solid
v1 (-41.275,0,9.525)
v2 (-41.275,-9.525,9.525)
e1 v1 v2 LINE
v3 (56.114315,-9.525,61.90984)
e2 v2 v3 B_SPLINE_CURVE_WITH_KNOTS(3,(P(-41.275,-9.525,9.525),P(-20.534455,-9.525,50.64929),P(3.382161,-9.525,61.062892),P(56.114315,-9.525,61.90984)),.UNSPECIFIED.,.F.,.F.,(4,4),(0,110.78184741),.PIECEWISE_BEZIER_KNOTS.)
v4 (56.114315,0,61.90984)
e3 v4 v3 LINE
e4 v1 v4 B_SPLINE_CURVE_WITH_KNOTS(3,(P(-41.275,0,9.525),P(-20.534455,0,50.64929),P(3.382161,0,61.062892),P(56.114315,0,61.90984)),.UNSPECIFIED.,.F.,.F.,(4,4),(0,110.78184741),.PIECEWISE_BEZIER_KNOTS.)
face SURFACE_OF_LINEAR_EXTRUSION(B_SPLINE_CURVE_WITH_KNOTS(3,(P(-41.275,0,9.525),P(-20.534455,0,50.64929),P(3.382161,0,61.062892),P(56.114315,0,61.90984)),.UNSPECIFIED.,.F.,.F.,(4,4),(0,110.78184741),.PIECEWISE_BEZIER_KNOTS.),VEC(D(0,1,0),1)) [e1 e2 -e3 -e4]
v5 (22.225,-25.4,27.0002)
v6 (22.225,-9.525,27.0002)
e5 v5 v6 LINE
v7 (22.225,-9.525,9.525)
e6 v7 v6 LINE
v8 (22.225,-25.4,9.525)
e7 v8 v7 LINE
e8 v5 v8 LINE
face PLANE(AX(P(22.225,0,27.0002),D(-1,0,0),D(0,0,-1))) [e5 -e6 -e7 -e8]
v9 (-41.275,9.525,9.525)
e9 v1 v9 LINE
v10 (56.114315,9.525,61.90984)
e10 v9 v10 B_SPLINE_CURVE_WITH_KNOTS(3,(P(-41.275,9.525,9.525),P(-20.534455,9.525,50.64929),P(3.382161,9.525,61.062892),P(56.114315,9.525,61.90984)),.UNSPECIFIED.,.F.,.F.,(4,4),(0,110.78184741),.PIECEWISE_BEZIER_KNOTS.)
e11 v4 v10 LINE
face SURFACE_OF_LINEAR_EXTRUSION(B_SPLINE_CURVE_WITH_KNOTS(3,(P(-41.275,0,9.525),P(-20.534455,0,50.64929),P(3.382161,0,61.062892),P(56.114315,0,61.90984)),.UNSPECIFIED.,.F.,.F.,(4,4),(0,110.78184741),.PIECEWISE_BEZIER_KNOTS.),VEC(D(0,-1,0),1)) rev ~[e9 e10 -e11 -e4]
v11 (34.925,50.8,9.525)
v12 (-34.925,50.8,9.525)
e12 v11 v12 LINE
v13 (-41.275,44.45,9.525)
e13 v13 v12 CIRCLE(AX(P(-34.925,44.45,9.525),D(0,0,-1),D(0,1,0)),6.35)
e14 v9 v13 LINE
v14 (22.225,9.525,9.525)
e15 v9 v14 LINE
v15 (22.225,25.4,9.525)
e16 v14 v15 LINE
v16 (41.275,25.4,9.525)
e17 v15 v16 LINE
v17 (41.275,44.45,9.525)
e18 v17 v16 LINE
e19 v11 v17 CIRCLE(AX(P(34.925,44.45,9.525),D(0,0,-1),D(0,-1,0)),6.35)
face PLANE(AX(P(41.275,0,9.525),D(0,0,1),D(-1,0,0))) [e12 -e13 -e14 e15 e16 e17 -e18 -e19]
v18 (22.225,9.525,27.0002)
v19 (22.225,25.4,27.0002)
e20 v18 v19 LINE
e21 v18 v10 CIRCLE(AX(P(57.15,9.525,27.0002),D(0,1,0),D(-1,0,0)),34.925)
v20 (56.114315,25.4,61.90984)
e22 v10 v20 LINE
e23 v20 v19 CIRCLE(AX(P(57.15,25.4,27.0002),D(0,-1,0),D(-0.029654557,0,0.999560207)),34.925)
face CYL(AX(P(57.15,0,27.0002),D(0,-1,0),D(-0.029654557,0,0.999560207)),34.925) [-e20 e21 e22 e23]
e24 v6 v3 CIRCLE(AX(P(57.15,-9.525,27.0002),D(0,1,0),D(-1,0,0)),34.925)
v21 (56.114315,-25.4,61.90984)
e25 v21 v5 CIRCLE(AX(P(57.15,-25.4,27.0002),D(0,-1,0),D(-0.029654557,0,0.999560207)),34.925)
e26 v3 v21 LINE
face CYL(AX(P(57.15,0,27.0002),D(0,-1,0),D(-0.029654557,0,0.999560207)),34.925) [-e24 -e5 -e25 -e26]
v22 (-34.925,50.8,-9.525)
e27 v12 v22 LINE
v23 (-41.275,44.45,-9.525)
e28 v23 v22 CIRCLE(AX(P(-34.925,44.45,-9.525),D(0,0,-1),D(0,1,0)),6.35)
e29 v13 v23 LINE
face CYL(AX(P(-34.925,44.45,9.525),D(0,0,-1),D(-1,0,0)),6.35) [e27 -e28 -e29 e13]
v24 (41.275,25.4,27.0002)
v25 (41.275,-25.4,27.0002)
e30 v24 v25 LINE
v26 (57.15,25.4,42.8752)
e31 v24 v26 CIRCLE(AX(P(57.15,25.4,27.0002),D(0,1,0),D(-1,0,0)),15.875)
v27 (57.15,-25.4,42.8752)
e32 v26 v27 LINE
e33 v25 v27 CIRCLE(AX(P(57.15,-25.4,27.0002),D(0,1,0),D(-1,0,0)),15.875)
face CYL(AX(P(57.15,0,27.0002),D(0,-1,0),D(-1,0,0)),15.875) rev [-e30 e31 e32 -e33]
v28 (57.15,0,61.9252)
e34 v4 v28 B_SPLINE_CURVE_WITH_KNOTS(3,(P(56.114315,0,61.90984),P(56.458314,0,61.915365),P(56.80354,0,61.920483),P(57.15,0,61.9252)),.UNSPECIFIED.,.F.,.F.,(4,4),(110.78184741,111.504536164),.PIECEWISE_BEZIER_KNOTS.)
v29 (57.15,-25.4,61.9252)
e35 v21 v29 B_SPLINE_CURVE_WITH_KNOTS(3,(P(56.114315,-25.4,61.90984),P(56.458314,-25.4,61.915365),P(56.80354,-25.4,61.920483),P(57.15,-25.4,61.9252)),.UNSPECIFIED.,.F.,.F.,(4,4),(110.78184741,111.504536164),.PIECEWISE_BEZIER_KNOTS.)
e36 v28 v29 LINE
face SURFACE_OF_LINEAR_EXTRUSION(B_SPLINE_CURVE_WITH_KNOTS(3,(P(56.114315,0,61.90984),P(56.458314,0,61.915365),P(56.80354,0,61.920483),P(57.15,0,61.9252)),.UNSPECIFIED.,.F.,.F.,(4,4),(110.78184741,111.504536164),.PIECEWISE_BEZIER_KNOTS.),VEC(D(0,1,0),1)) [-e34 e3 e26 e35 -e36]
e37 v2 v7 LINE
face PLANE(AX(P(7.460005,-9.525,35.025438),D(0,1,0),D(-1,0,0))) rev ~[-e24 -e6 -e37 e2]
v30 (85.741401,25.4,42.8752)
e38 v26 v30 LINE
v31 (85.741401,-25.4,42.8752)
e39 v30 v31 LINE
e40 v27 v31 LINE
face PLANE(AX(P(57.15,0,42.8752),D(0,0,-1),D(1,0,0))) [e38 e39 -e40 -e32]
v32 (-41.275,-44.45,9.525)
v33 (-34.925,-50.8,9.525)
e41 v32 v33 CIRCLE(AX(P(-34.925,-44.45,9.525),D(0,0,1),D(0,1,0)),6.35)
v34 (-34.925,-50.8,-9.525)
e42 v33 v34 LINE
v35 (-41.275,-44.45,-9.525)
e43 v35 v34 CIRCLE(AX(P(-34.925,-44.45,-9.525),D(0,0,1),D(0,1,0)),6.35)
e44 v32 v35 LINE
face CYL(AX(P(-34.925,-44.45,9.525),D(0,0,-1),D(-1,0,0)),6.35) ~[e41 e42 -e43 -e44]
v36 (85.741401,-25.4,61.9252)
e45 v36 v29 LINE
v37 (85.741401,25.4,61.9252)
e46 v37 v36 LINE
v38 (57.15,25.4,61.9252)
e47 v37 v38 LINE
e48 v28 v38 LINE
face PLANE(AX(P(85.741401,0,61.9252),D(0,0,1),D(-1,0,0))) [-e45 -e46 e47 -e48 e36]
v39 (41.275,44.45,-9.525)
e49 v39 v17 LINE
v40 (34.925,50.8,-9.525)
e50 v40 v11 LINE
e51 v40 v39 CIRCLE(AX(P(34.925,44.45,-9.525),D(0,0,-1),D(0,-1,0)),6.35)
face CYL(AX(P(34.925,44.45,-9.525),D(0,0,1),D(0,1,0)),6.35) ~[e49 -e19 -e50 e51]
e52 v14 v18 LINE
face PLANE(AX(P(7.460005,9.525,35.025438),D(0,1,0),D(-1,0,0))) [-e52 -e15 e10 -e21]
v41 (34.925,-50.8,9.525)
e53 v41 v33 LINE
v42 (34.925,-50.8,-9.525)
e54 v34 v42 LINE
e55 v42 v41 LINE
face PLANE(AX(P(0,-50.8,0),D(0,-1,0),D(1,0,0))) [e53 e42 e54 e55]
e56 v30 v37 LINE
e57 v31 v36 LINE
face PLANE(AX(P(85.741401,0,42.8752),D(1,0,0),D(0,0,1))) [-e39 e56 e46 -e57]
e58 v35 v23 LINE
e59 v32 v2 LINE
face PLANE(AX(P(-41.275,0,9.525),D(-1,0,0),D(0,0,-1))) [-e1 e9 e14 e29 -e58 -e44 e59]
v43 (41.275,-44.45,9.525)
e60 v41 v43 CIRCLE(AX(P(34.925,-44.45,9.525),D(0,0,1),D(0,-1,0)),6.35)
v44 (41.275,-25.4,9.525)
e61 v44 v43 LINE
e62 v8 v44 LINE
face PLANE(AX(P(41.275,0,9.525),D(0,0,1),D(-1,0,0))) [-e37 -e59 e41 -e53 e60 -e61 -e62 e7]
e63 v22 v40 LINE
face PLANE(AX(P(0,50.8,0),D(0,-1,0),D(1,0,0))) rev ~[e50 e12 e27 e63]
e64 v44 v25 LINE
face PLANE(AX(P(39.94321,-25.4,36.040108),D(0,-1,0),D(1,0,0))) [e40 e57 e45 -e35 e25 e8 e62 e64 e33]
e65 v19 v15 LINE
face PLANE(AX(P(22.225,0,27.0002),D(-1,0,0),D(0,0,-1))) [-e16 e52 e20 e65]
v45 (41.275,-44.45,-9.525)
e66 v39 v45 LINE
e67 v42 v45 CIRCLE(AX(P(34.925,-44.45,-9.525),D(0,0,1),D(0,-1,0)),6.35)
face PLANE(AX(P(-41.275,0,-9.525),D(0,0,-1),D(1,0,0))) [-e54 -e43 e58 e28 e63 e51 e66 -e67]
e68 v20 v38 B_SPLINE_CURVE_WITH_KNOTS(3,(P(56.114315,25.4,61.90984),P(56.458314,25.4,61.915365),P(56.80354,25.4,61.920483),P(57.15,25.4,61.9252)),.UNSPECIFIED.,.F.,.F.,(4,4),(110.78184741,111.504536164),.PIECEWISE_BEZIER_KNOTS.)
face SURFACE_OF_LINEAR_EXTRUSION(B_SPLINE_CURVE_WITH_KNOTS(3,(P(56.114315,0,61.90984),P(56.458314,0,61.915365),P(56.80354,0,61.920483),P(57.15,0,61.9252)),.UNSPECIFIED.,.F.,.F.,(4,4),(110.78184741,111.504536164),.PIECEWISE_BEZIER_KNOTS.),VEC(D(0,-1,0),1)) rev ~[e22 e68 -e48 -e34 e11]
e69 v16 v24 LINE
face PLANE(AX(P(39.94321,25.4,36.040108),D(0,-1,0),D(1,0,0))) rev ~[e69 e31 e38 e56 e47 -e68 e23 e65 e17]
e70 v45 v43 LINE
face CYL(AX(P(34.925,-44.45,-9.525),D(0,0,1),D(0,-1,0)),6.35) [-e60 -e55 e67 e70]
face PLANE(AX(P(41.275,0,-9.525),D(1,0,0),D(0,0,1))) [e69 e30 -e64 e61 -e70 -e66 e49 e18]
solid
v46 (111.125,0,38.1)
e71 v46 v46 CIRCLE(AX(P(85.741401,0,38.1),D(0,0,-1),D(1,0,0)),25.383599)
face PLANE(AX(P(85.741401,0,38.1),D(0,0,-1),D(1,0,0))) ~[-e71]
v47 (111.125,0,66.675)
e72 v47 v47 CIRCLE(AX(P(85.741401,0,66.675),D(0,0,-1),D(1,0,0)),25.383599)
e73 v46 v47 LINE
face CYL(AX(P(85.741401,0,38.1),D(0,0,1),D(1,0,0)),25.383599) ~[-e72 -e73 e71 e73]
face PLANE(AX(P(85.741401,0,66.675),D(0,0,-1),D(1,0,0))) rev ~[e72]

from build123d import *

# Parameters (mm, degrees)
F1_DEPTH = 50.8
F0_W     = 25.4164007187
F0_H     = 19.05
F2_DEPTH = 25.4
F3_DEPTH = 9.525
F5_R     = 6.35


with BuildPart() as f1:
    # F0 (on Front) → F1 (new body, symmetric)
    with BuildSketch(Plane.XZ):
        Polygon((-41.275, -9.525), (41.275, -9.525), (41.275, 9.525), (22.225, 9.525), (-41.275, 9.525), align=None)
    extrude(amount=F1_DEPTH, both=True)

    # F0 (on Front) → F2 (join, symmetric)
    with BuildSketch(Plane.XZ):
        with BuildLine():
            Line((22.225, 9.525), (41.275, 9.525))
            Line((41.275, 9.525), (41.275, 27.0002))
            ThreePointArc((41.275, 27.0002), (45.9246798487, 38.2255201513), (57.15, 42.8752))
            Line((57.15, 42.8752), (60.325, 42.8752))
            Line((60.325, 42.8752), (60.325, 61.9252))
            Line((60.325, 61.9252), (57.15, 61.9252))
            add(Edge.make_bspline(
                [(56.1143145962, 61.9098402265), (56.4583144045, 61.9153653172), (56.8035404998, 61.920483285), (57.15, 61.9252)],
                knots=[110.7818474103, 110.7818474103, 110.7818474103, 110.7818474103, 111.5045361635, 111.5045361635, 111.5045361635, 111.5045361635], degree=3))
            ThreePointArc((56.1143145962, 61.9098402265), (32.0908007138, 51.3269785811), (22.225, 27.0002))
            Line((22.225, 27.0002), (22.225, 9.525))
        make_face()
        with Locations((73.0332003593, 52.4002)):
            Rectangle(F0_W, F0_H)
    extrude(amount=F2_DEPTH, both=True)

    # F0 (on Front) → F3 (join, symmetric)
    with BuildSketch(Plane.XZ):
        with BuildLine():
            add(Edge.make_bspline(
                [(-41.275, 9.525), (-20.5344548104, 50.6492902635), (3.382161087, 61.0628922855), (56.1143145962, 61.9098402265)],
                knots=[0, 0, 0, 0, 110.7818474103, 110.7818474103, 110.7818474103, 110.7818474103], degree=3))
            Line((-41.275, 9.525), (22.225, 9.525))
            Line((22.225, 9.525), (22.225, 27.0002))
            ThreePointArc((22.225, 27.0002), (32.0908007138, 51.3269785811), (56.1143145962, 61.9098402265))
        make_face()
    extrude(amount=F3_DEPTH, both=True)

    # F5
    f5_edges = [f1.edges().sort_by_distance(p)[0] for p in [
        (41.275, -50.8, 0),
        (-41.275, -50.8, 0),
        (-41.275, 50.8, 0),
        (41.275, 50.8, 0),
    ]]
    fillet(f5_edges, radius=F5_R)


with BuildPart() as f4:
    # F0 (on Front) → F4 (revolve)
    with BuildSketch(Plane.XZ):
        Polygon((85.7414007187, 61.9252), (85.7414007187, 42.8752), (85.7414007187, 38.1), (111.125, 38.1), (111.125, 66.675), (85.7414007187, 66.675), align=None)
    revolve(axis=Axis((85.7414007187, 0, 52.3875), (0, 0, -1)))


solid = Compound([f1.part, f4.part])
